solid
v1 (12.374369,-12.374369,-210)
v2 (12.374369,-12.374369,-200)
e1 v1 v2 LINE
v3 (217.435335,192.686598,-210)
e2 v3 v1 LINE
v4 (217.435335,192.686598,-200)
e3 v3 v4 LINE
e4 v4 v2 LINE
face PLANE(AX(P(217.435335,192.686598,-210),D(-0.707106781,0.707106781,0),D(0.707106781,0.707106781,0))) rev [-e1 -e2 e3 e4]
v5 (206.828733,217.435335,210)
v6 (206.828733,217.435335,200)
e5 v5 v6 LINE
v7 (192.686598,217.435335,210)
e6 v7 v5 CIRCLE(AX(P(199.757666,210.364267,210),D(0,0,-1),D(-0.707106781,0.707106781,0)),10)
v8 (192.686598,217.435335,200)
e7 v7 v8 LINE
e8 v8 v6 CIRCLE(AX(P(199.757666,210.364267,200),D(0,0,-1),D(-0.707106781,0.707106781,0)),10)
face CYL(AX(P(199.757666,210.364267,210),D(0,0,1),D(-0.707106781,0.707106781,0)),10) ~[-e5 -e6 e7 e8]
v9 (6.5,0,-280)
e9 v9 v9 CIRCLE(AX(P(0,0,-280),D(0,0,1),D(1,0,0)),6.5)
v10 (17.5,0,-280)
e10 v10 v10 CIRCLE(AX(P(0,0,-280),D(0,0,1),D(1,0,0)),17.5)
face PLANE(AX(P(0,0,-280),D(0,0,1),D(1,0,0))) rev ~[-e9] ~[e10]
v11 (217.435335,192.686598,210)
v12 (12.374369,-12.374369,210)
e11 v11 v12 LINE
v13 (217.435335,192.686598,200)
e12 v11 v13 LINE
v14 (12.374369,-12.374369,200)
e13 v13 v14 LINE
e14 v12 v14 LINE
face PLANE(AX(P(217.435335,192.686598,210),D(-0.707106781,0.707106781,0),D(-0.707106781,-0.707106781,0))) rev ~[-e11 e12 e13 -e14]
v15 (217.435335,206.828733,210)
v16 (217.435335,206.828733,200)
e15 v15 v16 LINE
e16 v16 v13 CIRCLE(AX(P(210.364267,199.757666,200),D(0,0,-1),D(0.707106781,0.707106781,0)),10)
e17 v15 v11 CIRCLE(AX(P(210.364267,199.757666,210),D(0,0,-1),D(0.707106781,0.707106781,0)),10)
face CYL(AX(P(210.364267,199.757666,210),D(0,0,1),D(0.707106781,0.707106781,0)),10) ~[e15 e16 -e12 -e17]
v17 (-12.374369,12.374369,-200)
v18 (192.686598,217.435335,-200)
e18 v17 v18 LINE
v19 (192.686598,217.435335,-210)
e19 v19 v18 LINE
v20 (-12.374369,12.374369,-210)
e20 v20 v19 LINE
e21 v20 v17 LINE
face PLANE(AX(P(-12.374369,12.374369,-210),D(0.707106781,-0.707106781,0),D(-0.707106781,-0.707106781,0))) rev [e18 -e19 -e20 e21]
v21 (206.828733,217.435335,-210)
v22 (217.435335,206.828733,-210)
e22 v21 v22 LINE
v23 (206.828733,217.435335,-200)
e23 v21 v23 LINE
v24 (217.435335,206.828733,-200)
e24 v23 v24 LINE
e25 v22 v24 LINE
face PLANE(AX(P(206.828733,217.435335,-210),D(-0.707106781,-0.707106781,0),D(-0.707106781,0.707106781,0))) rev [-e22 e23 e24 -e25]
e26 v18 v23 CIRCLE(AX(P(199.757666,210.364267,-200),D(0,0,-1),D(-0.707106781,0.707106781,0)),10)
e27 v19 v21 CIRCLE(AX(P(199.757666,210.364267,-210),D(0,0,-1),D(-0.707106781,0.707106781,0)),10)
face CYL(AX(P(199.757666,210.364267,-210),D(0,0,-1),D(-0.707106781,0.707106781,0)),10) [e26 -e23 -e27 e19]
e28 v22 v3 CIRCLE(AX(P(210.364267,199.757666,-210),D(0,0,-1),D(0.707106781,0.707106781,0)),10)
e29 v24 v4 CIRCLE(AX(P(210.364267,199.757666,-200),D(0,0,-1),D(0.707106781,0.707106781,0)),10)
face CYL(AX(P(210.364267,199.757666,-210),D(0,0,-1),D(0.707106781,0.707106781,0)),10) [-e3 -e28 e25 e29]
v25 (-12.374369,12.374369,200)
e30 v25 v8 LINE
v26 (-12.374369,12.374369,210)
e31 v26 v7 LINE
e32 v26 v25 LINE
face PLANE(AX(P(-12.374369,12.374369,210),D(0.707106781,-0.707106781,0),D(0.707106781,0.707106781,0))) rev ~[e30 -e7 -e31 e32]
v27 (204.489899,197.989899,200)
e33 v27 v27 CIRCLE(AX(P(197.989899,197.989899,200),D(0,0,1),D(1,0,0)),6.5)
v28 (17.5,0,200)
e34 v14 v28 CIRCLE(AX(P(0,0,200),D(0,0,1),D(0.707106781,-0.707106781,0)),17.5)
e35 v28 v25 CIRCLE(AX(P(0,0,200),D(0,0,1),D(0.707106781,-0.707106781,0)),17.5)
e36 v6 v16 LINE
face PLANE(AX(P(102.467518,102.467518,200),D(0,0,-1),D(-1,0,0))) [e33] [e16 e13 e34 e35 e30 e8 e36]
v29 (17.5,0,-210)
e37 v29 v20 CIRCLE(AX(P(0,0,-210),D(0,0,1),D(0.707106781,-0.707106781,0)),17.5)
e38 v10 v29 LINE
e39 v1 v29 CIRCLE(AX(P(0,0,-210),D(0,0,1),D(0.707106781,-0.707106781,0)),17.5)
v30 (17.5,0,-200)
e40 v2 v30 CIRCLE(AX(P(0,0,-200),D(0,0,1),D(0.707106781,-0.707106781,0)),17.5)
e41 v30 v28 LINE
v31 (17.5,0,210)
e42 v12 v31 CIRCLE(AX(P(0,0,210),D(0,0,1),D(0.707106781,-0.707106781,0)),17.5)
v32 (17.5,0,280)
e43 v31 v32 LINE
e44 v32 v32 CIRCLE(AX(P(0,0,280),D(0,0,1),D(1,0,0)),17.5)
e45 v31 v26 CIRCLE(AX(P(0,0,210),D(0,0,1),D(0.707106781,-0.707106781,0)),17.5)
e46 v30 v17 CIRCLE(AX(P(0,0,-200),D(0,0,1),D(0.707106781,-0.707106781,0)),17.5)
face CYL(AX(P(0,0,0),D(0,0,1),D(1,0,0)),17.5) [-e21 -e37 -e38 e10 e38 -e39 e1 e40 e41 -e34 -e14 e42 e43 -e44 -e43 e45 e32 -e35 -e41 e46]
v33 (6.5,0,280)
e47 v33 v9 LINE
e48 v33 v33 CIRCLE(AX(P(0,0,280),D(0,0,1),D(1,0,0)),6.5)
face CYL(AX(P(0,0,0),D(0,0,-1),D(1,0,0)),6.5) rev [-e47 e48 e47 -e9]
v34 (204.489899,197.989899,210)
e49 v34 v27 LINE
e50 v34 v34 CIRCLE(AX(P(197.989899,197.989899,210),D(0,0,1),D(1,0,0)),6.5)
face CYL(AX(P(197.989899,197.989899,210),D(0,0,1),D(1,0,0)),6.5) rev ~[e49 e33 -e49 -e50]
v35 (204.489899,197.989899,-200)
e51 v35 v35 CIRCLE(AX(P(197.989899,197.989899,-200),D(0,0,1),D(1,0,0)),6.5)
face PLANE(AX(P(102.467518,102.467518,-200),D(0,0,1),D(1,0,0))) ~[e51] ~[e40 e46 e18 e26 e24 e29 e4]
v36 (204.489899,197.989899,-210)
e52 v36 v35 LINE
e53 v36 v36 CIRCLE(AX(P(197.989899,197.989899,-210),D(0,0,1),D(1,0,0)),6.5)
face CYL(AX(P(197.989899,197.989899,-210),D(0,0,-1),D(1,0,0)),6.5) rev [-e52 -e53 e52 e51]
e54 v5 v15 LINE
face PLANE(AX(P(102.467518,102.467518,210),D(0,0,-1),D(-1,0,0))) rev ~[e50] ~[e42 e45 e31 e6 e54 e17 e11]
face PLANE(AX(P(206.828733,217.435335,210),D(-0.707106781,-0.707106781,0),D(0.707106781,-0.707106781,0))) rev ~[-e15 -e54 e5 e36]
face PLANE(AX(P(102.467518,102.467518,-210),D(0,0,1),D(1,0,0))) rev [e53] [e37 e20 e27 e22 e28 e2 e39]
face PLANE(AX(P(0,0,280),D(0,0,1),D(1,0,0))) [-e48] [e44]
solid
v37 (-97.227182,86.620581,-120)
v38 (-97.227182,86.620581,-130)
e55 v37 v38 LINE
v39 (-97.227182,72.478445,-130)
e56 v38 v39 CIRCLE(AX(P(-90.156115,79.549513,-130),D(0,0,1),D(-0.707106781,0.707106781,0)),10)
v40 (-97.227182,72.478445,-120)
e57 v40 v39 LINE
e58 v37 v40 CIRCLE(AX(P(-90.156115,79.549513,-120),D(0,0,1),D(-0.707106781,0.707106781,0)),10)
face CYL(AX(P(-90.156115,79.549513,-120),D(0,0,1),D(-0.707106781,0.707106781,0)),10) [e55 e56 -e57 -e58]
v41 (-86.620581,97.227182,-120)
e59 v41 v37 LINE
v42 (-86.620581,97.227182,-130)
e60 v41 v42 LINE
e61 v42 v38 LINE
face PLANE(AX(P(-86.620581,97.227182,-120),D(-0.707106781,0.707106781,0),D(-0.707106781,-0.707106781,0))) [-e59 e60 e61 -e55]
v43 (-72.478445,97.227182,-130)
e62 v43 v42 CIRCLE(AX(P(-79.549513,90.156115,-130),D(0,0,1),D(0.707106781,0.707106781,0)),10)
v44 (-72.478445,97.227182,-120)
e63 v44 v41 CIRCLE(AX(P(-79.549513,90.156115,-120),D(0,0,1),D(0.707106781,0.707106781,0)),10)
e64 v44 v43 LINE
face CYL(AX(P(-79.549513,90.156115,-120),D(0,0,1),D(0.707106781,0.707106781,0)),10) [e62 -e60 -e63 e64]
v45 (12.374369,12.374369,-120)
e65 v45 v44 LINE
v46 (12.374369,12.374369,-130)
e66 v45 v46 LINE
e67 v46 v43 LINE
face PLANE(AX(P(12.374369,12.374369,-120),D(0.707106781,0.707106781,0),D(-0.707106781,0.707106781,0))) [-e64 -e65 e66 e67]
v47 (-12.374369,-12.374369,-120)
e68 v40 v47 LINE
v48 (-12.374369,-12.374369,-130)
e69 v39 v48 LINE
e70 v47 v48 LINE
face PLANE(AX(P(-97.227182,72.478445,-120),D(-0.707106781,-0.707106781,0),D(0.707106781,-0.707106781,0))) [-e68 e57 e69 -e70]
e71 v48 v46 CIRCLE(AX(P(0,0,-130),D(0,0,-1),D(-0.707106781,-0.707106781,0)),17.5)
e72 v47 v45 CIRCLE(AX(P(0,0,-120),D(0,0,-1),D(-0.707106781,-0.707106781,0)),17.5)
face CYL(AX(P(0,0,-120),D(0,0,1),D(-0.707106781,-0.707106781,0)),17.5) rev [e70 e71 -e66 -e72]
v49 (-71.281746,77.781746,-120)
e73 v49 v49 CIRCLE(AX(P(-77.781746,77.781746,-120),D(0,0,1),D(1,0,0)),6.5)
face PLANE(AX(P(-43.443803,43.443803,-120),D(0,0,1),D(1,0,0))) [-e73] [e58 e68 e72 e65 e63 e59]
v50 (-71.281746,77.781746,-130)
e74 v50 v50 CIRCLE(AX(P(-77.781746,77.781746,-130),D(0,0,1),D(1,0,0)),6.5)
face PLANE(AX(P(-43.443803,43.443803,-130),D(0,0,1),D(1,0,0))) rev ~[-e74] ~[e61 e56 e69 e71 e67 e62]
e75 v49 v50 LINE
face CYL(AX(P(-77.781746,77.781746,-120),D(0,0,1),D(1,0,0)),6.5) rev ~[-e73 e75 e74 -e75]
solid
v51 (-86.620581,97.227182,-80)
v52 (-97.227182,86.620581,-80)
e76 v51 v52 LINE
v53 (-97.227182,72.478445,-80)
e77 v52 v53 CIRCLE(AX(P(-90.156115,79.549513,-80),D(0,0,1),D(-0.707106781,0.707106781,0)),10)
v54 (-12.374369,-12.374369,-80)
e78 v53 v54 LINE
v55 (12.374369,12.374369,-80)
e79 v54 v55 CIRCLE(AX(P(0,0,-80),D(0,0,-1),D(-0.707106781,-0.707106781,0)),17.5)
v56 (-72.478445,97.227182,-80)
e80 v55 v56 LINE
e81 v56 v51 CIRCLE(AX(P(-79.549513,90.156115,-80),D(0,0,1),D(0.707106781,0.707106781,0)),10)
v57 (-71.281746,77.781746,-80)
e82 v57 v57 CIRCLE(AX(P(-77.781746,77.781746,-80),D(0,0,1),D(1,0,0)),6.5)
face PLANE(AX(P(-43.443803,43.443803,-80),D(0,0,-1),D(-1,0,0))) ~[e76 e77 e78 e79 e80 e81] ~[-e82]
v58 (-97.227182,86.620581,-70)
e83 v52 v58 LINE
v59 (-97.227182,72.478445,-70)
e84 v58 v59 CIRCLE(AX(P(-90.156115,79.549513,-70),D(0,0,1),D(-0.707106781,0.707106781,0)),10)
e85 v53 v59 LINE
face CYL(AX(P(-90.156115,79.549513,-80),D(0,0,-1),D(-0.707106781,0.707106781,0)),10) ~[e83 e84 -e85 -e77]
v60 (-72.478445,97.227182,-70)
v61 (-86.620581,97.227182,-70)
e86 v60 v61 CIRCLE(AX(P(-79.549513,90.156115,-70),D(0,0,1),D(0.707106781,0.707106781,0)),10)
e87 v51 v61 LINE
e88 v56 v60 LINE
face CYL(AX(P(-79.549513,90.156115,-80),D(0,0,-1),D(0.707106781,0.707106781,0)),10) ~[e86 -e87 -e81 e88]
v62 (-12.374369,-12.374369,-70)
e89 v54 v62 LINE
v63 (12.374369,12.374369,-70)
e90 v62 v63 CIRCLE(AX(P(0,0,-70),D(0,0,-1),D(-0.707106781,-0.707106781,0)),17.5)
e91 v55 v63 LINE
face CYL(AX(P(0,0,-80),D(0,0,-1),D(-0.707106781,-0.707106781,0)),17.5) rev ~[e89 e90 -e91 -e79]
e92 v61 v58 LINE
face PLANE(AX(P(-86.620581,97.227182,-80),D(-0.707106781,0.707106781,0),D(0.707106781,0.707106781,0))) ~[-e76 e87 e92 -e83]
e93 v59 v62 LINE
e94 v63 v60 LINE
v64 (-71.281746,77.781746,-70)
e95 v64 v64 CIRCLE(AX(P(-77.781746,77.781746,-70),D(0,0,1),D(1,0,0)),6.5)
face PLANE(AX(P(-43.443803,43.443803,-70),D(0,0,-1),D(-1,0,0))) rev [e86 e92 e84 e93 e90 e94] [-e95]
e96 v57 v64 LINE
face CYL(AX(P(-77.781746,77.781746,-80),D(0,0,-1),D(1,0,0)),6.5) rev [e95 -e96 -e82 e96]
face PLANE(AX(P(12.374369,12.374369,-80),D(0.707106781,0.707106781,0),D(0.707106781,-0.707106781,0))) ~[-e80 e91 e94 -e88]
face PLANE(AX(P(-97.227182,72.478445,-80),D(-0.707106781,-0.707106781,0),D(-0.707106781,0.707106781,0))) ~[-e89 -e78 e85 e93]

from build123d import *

# Parameters (mm, degrees)
SKETCH1_R           = 17.5
SKETCH1_R_2         = 6.5
BOSS_EXTRUDE1_DEPTH = 280
SKETCH2_R           = 6.5
BOSS_EXTRUDE2_DEPTH = 10
SKETCH3_R           = 6.5
BOSS_EXTRUDE3_DEPTH = 10


with BuildPart() as part:
    # Sketch1 → Boss-Extrude1 (new, symmetric)
    with BuildSketch(Plane.XY):
        Circle(SKETCH1_R)
        Circle(SKETCH1_R_2, mode=Mode.SUBTRACT)
    extrude(amount=BOSS_EXTRUDE1_DEPTH, both=True)

    # Sketch2 → Boss-Extrude2 (add)
    with BuildSketch(Plane.XY.offset(210)):
        with BuildLine():
            Line((-12.374368671, 12.374368671), (192.686597873, 217.435335215))
            ThreePointArc((192.686597873, 217.435335215), (199.757665685, 220.364267403), (206.828733497, 217.435335215))
            Line((206.828733497, 217.435335215), (217.435335215, 206.828733497))
            ThreePointArc((217.435335215, 206.828733497), (220.364267403, 199.757665685), (217.435335215, 192.686597873))
            Line((217.435335215, 192.686597873), (12.374368671, -12.374368671))
            ThreePointArc((12.374368671, -12.374368671), (12.374368671, 12.374368671), (-12.374368671, 12.374368671))
        make_face()
        with Locations((197.989898732, 197.989898732)):
            Circle(SKETCH2_R, mode=Mode.SUBTRACT)
    boss_extrude2 = extrude(amount=-BOSS_EXTRUDE2_DEPTH)

    # Mirror1: Boss-Extrude2 across plane
    add(boss_extrude2.mirror(Plane.XY))


with BuildPart() as body_2:
    # Sketch3 → Boss-Extrude3 (new body)
    with BuildSketch(Plane.XY.offset(-120)):
        with BuildLine():
            Line((12.374368671, 12.374368671), (-72.478445072, 97.227182413))
            ThreePointArc((-72.478445072, 97.227182413), (-79.549512883, 100.156114601), (-86.620580695, 97.227182413))
            Line((-86.620580695, 97.227182413), (-97.227182413, 86.620580695))
            ThreePointArc((-97.227182413, 86.620580695), (-100.156114601, 79.549512883), (-97.227182413, 72.478445072))
            Line((-97.227182413, 72.478445072), (-12.374368671, -12.374368671))
            ThreePointArc((-12.374368671, -12.374368671), (-12.374368671, 12.374368671), (12.374368671, 12.374368671))
        make_face()
        with Locations((-77.781745931, 77.781745931)):
            Circle(SKETCH3_R, mode=Mode.SUBTRACT)
    extrude(amount=-BOSS_EXTRUDE3_DEPTH)


with BuildPart() as body_3:
    # Mirror2: mirrored copy
    add(body_2.part.mirror(Plane(origin=(0, 0, -100), x_dir=(1, 0, 0), z_dir=(0, 0, -1))))


solid = Compound([part.part, body_2.part, body_3.part])
